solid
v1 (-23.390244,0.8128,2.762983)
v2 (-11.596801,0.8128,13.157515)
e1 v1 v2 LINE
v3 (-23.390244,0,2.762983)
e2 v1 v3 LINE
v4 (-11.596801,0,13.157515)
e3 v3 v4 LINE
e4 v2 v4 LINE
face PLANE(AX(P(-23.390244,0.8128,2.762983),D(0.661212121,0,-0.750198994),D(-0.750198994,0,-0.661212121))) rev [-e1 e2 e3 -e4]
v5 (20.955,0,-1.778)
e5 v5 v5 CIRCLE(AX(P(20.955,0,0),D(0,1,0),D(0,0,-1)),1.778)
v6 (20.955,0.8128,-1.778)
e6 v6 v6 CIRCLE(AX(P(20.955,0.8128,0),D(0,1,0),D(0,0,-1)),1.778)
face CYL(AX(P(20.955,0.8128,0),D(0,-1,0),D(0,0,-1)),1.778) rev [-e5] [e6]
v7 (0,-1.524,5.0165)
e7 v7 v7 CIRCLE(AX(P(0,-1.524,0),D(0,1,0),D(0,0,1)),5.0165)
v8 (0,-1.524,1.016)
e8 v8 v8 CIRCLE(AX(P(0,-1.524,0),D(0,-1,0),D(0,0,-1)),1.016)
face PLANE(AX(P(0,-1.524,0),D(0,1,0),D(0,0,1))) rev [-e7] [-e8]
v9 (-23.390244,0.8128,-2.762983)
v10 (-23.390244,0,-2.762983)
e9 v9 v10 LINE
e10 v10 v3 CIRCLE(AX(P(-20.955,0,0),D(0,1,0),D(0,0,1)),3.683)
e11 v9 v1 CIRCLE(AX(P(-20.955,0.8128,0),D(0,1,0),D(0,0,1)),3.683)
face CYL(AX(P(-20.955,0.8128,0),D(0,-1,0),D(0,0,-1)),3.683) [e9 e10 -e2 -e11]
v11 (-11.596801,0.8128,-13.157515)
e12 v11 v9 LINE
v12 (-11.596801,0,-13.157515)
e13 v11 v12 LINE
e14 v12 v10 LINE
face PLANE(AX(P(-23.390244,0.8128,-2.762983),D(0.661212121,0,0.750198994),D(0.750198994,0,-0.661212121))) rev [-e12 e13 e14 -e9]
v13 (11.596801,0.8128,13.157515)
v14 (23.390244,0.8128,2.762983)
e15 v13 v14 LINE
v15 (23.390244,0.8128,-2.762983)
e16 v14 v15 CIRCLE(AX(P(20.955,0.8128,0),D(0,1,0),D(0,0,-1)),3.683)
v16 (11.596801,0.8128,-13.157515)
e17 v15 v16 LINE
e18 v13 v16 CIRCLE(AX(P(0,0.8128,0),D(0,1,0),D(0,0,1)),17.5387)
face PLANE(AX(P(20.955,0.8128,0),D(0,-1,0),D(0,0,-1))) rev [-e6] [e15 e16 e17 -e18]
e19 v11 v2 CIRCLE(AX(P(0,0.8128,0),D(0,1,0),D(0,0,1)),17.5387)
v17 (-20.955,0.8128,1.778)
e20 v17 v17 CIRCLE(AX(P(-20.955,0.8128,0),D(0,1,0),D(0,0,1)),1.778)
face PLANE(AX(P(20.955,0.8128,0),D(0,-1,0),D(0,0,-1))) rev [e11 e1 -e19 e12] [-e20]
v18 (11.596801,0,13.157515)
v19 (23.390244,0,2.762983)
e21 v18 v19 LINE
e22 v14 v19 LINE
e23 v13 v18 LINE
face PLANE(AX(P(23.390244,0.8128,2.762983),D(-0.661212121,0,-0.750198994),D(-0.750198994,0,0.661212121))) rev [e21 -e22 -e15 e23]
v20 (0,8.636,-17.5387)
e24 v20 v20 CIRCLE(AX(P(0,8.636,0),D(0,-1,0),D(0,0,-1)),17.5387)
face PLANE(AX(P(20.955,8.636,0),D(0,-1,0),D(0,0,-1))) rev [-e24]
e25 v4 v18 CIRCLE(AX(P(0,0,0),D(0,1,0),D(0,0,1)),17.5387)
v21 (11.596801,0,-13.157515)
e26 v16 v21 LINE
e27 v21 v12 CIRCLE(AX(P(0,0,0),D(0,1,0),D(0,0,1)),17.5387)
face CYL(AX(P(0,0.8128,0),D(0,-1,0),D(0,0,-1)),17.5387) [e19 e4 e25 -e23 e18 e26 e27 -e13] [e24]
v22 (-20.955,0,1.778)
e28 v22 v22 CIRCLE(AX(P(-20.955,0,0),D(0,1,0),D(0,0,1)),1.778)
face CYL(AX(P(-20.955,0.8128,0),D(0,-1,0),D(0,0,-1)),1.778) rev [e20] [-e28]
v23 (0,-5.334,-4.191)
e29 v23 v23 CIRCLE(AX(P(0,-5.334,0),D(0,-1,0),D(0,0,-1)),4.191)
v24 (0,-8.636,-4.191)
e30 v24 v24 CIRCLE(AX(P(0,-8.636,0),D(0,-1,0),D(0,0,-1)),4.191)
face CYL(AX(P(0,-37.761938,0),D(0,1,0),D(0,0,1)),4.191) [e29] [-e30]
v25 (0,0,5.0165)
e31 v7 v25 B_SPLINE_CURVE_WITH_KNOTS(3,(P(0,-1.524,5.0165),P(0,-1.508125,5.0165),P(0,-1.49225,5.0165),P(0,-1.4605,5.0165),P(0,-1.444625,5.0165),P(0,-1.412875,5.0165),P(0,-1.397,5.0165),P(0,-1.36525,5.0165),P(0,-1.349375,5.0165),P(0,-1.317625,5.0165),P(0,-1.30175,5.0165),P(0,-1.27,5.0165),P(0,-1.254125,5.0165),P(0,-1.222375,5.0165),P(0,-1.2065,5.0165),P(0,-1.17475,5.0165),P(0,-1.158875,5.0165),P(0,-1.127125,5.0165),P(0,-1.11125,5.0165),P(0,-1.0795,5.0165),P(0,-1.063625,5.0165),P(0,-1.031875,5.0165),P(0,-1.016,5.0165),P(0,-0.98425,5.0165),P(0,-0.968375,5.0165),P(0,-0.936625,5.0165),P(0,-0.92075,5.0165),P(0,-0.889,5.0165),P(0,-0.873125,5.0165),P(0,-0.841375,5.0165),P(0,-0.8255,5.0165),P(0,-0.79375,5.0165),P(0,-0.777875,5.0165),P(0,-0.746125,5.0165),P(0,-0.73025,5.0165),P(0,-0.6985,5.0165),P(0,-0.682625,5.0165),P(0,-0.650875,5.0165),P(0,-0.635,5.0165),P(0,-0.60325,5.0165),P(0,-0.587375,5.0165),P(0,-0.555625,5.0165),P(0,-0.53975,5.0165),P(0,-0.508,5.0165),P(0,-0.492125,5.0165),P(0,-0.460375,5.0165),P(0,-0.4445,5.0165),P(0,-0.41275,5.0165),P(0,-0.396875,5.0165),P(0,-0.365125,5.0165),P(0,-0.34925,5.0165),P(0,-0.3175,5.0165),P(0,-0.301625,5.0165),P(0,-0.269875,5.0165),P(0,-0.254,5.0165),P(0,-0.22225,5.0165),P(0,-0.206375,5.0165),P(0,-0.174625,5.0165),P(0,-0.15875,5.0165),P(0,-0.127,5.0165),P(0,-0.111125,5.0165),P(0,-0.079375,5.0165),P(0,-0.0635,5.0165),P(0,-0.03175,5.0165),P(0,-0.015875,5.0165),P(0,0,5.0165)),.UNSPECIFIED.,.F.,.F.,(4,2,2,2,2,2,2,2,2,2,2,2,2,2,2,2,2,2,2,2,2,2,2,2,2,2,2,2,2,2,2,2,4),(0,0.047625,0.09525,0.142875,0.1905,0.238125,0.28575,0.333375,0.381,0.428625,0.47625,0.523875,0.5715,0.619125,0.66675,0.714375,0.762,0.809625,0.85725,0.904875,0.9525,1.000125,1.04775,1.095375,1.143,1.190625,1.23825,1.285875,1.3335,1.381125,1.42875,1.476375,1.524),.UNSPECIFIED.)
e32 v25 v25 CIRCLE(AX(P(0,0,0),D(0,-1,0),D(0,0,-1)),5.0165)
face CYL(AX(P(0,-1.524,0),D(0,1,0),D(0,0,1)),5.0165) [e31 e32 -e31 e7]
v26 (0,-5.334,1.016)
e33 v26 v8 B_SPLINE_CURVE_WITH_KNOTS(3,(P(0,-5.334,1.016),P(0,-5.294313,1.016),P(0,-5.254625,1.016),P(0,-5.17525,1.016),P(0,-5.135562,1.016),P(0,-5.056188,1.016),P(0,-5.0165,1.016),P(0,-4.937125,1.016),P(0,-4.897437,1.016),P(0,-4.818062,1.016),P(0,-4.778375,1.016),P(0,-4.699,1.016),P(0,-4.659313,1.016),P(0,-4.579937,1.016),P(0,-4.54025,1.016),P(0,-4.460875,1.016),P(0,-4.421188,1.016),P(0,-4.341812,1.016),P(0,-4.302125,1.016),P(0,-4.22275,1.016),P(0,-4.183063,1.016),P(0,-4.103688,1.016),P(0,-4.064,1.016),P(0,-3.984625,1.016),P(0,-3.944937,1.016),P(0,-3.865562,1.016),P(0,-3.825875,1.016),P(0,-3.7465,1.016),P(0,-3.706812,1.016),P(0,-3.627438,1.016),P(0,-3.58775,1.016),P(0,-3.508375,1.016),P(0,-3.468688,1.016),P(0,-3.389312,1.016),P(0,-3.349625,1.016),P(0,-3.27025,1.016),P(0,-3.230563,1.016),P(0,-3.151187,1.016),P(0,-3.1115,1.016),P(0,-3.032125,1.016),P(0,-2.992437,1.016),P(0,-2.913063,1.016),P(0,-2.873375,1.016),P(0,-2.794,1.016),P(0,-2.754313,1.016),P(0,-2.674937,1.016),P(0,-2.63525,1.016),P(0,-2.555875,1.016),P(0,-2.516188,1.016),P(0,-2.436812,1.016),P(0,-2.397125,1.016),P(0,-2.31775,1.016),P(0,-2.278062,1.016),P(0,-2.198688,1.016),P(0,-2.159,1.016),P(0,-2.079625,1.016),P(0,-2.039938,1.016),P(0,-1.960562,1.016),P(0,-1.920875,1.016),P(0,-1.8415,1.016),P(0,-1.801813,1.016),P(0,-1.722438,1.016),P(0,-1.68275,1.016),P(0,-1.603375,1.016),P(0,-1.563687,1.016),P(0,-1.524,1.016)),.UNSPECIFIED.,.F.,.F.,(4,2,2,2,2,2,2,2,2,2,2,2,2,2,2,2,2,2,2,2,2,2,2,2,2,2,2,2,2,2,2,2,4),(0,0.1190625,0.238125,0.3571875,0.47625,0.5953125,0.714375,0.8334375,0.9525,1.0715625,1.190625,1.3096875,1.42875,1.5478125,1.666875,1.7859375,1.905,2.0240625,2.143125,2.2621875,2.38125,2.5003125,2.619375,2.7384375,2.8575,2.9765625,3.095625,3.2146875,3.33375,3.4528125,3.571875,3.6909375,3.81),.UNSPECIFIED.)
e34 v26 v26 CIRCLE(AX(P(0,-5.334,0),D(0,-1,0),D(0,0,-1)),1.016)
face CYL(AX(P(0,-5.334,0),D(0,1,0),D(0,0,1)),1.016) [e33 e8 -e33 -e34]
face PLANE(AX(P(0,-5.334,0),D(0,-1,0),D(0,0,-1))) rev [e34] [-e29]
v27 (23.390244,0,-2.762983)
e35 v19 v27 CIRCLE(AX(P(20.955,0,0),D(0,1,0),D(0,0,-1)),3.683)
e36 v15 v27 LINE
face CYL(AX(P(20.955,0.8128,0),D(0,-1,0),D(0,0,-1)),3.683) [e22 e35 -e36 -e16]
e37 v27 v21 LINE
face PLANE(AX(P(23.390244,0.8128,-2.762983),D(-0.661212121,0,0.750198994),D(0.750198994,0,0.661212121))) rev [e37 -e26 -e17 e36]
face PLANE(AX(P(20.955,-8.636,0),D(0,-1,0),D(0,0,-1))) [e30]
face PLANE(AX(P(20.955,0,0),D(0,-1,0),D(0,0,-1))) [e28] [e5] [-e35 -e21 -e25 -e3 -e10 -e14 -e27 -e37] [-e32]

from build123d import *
from build123d.topology import SkipClean

# Parameters (mm, degrees)
SKETCH1_R           = 1.778
BOSS_EXTRUDE1_DEPTH = 0.8128
SKETCH2_R           = 17.5387
BOSS_EXTRUDE2_DEPTH = 7.8232
SKETCH3_R           = 5.0165
BOSS_EXTRUDE3_DEPTH = 1.524
SKETCH5_R           = 1.016
BOSS_EXTRUDE4_DEPTH = 3.81
SKETCH6_R           = 4.191
BOSS_EXTRUDE5_DEPTH = 3.302


with BuildPart() as part:
    # Sketch1 → Boss-Extrude1 (new body)
    with BuildSketch(Plane(origin=(0, 0, 0), x_dir=(1, 0, 0), z_dir=(0, 1, 0))):
        with BuildLine():
            Line((-23.390244242, 2.762982895), (-11.59680103, 13.157515098))
            ThreePointArc((-11.59680103, 13.157515098), (0, 17.5387), (11.59680103, 13.157515098))
            Line((11.59680103, 13.157515098), (23.390244242, 2.762982895))
            ThreePointArc((23.390244242, 2.762982895), (24.638, 0), (23.390244242, -2.762982895))
            Line((23.390244242, -2.762982895), (11.59680103, -13.157515098))
            ThreePointArc((11.59680103, -13.157515098), (0, -17.5387), (-11.59680103, -13.157515098))
            Line((-11.59680103, -13.157515098), (-23.390244242, -2.762982895))
            ThreePointArc((-23.390244242, -2.762982895), (-24.638, 0), (-23.390244242, 2.762982895))
        make_face()
        with Locations(Location((-20.955, 0, 0), (0, 0, 270))):
            Circle(SKETCH1_R, mode=Mode.SUBTRACT)
        with Locations(Location((20.955, 0, 0), (0, 0, 90))):
            Circle(SKETCH1_R, mode=Mode.SUBTRACT)
    extrude(amount=BOSS_EXTRUDE1_DEPTH)

    # Sketch2 → Boss-Extrude2 (add)
    with SkipClean():  # the faces are left unmerged after this step: merging them gives an invalid solid
        with BuildSketch(Plane(origin=(0, 0.8128, 0), x_dir=(1, 0, 0), z_dir=(0, 1, 0))):
            with Locations(Location((0, 0, 0), (0, 0, 90))):
                Circle(SKETCH2_R)
        extrude(amount=BOSS_EXTRUDE2_DEPTH)

    # Sketch3 → Boss-Extrude3 (add)
    with SkipClean():  # the faces are left unmerged after this step: merging them gives an invalid solid
        with BuildSketch(Plane(origin=(0, 0, 0), x_dir=(1, 0, 0), z_dir=(0, 1, 0))):
            with Locations(Location((0, 0, 0), (0, 0, 270))):
                Circle(SKETCH3_R)
        extrude(amount=-BOSS_EXTRUDE3_DEPTH)

    # Sketch5 → Boss-Extrude4 (add)
    with SkipClean():  # the faces are left unmerged after this step: merging them gives an invalid solid
        with BuildSketch(Plane.XZ.offset(1.524)):
            with Locations(Location((0, 0, 0), (0, 0, 90))):
                Circle(SKETCH5_R)
        extrude(amount=BOSS_EXTRUDE4_DEPTH)

    # Sketch6 → Boss-Extrude5 (add)
    with SkipClean():  # the faces are left unmerged after this step: merging them gives an invalid solid
        with BuildSketch(Plane.XZ.offset(5.334)):
            with Locations(Location((0, 0, 0), (0, 0, 270))):
                Circle(SKETCH6_R)
        extrude(amount=BOSS_EXTRUDE5_DEPTH)


solid = part.part
